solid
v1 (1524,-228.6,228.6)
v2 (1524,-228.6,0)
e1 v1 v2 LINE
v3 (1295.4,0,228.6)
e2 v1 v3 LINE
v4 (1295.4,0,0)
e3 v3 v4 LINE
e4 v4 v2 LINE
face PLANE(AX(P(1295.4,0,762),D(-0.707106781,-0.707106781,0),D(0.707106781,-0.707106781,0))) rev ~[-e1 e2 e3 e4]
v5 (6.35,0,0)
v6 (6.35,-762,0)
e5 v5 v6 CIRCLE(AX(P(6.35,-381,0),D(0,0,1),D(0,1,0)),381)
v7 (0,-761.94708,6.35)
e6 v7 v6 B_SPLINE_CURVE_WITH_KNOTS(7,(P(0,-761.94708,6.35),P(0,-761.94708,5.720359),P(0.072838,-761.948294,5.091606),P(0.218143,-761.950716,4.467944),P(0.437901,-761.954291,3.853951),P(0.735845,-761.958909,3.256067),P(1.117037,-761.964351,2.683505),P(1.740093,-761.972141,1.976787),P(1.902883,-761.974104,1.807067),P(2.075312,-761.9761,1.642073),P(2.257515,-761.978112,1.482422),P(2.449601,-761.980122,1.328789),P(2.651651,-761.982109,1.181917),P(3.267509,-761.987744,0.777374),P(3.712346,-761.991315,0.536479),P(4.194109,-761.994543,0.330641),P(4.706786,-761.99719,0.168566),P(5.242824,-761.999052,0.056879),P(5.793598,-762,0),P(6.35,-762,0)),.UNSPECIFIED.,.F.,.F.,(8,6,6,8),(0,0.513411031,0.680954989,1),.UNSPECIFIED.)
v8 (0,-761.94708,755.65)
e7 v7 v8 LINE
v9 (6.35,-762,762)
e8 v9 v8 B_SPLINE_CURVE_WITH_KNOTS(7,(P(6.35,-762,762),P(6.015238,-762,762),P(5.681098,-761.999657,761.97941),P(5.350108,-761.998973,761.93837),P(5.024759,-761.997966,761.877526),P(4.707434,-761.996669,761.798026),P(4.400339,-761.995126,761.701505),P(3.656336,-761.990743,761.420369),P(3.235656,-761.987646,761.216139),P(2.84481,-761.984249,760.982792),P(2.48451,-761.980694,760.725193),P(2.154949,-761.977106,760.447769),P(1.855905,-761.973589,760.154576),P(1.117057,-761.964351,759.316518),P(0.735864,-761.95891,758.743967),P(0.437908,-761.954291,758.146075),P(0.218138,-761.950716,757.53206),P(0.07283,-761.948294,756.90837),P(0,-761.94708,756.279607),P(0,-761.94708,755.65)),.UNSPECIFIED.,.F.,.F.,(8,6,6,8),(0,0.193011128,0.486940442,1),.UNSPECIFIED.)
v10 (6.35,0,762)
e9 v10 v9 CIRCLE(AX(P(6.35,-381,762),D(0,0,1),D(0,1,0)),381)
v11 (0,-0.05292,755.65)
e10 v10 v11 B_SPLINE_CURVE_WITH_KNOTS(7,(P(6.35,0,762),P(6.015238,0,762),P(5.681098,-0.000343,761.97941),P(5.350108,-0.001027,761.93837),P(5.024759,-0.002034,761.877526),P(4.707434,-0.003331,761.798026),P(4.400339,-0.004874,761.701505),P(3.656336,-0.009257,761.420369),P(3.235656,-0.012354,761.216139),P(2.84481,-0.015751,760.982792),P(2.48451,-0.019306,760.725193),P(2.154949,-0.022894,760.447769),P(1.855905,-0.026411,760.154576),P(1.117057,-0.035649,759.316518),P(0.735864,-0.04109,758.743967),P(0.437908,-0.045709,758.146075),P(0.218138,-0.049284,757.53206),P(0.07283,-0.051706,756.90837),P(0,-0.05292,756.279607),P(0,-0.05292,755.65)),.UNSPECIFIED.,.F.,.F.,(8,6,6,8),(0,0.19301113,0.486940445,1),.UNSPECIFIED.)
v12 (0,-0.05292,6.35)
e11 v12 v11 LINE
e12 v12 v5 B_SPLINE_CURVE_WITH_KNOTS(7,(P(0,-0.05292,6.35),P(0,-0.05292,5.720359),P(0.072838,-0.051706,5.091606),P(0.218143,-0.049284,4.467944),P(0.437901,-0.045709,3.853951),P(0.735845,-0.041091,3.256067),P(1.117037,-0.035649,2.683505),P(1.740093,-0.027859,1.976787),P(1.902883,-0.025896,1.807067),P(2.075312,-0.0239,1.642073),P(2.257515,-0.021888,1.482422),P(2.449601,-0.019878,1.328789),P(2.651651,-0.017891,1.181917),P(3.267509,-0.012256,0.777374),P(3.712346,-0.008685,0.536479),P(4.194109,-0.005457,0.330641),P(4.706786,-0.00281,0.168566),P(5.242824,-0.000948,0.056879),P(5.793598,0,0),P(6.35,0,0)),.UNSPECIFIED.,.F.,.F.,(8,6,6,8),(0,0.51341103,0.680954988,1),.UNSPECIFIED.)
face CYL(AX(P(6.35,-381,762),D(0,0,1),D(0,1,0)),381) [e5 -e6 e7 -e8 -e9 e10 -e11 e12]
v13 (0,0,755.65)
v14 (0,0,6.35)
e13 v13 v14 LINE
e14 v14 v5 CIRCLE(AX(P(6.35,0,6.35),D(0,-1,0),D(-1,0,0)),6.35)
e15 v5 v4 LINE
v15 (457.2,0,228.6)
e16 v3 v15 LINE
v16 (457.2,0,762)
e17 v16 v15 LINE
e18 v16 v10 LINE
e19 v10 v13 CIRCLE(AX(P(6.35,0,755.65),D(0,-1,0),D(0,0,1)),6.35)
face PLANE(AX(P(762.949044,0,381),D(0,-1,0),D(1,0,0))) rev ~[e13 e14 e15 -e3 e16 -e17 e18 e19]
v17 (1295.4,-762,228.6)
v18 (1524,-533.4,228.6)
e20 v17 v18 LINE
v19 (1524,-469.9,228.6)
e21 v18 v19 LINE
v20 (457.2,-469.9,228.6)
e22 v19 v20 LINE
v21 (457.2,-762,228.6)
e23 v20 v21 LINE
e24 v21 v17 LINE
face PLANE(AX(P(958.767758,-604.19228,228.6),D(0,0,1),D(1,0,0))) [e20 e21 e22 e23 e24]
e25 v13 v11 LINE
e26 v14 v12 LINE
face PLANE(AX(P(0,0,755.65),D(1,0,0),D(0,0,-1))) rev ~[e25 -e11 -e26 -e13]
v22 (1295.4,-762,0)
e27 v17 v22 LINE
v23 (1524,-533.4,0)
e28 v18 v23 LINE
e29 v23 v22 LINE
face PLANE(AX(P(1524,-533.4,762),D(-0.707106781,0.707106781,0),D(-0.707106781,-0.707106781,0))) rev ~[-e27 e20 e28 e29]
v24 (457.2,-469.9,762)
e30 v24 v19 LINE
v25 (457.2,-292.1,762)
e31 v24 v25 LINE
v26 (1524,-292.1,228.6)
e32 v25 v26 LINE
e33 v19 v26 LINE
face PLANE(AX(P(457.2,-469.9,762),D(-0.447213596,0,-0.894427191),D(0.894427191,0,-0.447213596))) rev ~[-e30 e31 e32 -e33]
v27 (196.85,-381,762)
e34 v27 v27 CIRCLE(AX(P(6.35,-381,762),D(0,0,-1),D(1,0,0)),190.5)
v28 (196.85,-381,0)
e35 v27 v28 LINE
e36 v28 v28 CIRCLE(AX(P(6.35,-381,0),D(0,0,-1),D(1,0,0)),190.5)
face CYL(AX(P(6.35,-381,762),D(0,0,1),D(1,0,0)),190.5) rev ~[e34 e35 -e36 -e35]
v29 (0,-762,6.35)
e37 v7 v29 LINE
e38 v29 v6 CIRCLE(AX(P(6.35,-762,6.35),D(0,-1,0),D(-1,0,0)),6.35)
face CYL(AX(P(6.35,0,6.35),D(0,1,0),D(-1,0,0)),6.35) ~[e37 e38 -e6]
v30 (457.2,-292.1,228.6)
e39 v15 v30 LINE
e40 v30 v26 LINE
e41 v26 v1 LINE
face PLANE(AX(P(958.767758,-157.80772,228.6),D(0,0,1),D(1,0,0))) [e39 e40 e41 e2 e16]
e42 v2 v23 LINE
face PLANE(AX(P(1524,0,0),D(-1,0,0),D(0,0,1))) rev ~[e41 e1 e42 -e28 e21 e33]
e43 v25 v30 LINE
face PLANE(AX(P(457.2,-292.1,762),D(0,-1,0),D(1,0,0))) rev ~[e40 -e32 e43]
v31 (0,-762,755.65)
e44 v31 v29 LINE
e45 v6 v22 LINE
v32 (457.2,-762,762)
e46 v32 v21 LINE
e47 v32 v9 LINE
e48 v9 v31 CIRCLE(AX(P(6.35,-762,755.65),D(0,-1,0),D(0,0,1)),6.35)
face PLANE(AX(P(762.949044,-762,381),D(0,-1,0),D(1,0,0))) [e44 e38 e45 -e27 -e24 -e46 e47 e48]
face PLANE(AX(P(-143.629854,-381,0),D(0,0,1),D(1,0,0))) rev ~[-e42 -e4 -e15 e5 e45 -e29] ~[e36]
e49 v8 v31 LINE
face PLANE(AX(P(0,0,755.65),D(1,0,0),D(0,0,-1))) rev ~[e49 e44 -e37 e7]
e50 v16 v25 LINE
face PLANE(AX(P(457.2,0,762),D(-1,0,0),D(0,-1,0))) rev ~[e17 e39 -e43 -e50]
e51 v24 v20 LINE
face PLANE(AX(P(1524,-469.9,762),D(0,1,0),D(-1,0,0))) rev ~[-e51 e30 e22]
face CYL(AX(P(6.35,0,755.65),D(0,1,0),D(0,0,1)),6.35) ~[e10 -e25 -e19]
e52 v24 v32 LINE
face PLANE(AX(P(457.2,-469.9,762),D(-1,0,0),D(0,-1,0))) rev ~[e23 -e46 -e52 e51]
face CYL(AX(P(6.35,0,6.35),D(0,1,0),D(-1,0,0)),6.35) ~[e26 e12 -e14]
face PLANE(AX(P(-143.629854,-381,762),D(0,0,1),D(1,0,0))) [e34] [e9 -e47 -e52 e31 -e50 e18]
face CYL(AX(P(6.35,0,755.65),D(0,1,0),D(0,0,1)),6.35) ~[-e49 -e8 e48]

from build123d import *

# Parameters (mm, degrees)
F1_DEPTH = 762
F3_DEPTH = 762.001
F4_DEPTH = 533.4
F6_DEPTH = 469.901
F8_DEPTH = 762
F7_R     = 190.5
F9_DEPTH = 762.0010001


with BuildPart() as f1:
    # F0 (on Front) → F1 (new body)
    with BuildSketch(Plane.XZ):
        with BuildLine():
            ThreePointArc((0, 6.35), (1.8598719395, 1.8598719395), (6.35, 0))
            Line((6.35, 0), (1524, 0))
            Line((1524, 0), (1524, 762))
            Line((1524, 762), (6.35, 762))
            ThreePointArc((6.35, 762), (1.8598719395, 760.1401280605), (0, 755.65))
            Line((0, 755.65), (0, 6.35))
        make_face()
    extrude(amount=F1_DEPTH)

    # F2 (on face) → F3 (cut, through all)
    with BuildSketch(Plane.XY.offset(762)):
        Polygon((1524, -228.6), (1524, 0), (1295.4, 0), align=None)
        Polygon((1524, -762), (1524, -533.4), (1295.4, -762), align=None)
    extrude(amount=-F3_DEPTH, mode=Mode.SUBTRACT)

    # F2 (on face) → F4 (cut)
    with BuildSketch(Plane.XY.offset(762)):
        Polygon((1524, -292.1), (1524, -228.6), (1295.4, 0), (457.2, 0), (457.2, -292.1), align=None)
        Polygon((1524, -533.4), (1524, -469.9), (457.2, -469.9), (457.2, -762), (1295.4, -762), align=None)
    extrude(amount=-F4_DEPTH, mode=Mode.SUBTRACT)

    # F5 (on face) → F6 (cut, through all)
    with BuildSketch(Plane.XZ.offset(469.9)):
        Polygon((1524, 762), (457.2, 762), (1524, 228.6), align=None)
    extrude(amount=-F6_DEPTH, mode=Mode.SUBTRACT)

    # F7 (on face) → F8 (join)
    with BuildSketch(Plane.XY.offset(762)):
        with BuildLine():
            Line((6.35, -190.5), (6.35, 0))
            ThreePointArc((6.35, 0), (-374.65, -381), (6.35, -762))
            Line((6.35, -762), (6.35, -571.5))
            ThreePointArc((6.35, -571.5), (-184.15, -381), (6.35, -190.5))
        make_face()
    extrude(amount=-F8_DEPTH)

    # F7 (on face) → F9 (cut, through all)
    with BuildSketch(Plane.XY.offset(762)):
        with Locations((6.35, -381)):
            Circle(F7_R)
    extrude(amount=-F9_DEPTH, mode=Mode.SUBTRACT)


solid = f1.part
